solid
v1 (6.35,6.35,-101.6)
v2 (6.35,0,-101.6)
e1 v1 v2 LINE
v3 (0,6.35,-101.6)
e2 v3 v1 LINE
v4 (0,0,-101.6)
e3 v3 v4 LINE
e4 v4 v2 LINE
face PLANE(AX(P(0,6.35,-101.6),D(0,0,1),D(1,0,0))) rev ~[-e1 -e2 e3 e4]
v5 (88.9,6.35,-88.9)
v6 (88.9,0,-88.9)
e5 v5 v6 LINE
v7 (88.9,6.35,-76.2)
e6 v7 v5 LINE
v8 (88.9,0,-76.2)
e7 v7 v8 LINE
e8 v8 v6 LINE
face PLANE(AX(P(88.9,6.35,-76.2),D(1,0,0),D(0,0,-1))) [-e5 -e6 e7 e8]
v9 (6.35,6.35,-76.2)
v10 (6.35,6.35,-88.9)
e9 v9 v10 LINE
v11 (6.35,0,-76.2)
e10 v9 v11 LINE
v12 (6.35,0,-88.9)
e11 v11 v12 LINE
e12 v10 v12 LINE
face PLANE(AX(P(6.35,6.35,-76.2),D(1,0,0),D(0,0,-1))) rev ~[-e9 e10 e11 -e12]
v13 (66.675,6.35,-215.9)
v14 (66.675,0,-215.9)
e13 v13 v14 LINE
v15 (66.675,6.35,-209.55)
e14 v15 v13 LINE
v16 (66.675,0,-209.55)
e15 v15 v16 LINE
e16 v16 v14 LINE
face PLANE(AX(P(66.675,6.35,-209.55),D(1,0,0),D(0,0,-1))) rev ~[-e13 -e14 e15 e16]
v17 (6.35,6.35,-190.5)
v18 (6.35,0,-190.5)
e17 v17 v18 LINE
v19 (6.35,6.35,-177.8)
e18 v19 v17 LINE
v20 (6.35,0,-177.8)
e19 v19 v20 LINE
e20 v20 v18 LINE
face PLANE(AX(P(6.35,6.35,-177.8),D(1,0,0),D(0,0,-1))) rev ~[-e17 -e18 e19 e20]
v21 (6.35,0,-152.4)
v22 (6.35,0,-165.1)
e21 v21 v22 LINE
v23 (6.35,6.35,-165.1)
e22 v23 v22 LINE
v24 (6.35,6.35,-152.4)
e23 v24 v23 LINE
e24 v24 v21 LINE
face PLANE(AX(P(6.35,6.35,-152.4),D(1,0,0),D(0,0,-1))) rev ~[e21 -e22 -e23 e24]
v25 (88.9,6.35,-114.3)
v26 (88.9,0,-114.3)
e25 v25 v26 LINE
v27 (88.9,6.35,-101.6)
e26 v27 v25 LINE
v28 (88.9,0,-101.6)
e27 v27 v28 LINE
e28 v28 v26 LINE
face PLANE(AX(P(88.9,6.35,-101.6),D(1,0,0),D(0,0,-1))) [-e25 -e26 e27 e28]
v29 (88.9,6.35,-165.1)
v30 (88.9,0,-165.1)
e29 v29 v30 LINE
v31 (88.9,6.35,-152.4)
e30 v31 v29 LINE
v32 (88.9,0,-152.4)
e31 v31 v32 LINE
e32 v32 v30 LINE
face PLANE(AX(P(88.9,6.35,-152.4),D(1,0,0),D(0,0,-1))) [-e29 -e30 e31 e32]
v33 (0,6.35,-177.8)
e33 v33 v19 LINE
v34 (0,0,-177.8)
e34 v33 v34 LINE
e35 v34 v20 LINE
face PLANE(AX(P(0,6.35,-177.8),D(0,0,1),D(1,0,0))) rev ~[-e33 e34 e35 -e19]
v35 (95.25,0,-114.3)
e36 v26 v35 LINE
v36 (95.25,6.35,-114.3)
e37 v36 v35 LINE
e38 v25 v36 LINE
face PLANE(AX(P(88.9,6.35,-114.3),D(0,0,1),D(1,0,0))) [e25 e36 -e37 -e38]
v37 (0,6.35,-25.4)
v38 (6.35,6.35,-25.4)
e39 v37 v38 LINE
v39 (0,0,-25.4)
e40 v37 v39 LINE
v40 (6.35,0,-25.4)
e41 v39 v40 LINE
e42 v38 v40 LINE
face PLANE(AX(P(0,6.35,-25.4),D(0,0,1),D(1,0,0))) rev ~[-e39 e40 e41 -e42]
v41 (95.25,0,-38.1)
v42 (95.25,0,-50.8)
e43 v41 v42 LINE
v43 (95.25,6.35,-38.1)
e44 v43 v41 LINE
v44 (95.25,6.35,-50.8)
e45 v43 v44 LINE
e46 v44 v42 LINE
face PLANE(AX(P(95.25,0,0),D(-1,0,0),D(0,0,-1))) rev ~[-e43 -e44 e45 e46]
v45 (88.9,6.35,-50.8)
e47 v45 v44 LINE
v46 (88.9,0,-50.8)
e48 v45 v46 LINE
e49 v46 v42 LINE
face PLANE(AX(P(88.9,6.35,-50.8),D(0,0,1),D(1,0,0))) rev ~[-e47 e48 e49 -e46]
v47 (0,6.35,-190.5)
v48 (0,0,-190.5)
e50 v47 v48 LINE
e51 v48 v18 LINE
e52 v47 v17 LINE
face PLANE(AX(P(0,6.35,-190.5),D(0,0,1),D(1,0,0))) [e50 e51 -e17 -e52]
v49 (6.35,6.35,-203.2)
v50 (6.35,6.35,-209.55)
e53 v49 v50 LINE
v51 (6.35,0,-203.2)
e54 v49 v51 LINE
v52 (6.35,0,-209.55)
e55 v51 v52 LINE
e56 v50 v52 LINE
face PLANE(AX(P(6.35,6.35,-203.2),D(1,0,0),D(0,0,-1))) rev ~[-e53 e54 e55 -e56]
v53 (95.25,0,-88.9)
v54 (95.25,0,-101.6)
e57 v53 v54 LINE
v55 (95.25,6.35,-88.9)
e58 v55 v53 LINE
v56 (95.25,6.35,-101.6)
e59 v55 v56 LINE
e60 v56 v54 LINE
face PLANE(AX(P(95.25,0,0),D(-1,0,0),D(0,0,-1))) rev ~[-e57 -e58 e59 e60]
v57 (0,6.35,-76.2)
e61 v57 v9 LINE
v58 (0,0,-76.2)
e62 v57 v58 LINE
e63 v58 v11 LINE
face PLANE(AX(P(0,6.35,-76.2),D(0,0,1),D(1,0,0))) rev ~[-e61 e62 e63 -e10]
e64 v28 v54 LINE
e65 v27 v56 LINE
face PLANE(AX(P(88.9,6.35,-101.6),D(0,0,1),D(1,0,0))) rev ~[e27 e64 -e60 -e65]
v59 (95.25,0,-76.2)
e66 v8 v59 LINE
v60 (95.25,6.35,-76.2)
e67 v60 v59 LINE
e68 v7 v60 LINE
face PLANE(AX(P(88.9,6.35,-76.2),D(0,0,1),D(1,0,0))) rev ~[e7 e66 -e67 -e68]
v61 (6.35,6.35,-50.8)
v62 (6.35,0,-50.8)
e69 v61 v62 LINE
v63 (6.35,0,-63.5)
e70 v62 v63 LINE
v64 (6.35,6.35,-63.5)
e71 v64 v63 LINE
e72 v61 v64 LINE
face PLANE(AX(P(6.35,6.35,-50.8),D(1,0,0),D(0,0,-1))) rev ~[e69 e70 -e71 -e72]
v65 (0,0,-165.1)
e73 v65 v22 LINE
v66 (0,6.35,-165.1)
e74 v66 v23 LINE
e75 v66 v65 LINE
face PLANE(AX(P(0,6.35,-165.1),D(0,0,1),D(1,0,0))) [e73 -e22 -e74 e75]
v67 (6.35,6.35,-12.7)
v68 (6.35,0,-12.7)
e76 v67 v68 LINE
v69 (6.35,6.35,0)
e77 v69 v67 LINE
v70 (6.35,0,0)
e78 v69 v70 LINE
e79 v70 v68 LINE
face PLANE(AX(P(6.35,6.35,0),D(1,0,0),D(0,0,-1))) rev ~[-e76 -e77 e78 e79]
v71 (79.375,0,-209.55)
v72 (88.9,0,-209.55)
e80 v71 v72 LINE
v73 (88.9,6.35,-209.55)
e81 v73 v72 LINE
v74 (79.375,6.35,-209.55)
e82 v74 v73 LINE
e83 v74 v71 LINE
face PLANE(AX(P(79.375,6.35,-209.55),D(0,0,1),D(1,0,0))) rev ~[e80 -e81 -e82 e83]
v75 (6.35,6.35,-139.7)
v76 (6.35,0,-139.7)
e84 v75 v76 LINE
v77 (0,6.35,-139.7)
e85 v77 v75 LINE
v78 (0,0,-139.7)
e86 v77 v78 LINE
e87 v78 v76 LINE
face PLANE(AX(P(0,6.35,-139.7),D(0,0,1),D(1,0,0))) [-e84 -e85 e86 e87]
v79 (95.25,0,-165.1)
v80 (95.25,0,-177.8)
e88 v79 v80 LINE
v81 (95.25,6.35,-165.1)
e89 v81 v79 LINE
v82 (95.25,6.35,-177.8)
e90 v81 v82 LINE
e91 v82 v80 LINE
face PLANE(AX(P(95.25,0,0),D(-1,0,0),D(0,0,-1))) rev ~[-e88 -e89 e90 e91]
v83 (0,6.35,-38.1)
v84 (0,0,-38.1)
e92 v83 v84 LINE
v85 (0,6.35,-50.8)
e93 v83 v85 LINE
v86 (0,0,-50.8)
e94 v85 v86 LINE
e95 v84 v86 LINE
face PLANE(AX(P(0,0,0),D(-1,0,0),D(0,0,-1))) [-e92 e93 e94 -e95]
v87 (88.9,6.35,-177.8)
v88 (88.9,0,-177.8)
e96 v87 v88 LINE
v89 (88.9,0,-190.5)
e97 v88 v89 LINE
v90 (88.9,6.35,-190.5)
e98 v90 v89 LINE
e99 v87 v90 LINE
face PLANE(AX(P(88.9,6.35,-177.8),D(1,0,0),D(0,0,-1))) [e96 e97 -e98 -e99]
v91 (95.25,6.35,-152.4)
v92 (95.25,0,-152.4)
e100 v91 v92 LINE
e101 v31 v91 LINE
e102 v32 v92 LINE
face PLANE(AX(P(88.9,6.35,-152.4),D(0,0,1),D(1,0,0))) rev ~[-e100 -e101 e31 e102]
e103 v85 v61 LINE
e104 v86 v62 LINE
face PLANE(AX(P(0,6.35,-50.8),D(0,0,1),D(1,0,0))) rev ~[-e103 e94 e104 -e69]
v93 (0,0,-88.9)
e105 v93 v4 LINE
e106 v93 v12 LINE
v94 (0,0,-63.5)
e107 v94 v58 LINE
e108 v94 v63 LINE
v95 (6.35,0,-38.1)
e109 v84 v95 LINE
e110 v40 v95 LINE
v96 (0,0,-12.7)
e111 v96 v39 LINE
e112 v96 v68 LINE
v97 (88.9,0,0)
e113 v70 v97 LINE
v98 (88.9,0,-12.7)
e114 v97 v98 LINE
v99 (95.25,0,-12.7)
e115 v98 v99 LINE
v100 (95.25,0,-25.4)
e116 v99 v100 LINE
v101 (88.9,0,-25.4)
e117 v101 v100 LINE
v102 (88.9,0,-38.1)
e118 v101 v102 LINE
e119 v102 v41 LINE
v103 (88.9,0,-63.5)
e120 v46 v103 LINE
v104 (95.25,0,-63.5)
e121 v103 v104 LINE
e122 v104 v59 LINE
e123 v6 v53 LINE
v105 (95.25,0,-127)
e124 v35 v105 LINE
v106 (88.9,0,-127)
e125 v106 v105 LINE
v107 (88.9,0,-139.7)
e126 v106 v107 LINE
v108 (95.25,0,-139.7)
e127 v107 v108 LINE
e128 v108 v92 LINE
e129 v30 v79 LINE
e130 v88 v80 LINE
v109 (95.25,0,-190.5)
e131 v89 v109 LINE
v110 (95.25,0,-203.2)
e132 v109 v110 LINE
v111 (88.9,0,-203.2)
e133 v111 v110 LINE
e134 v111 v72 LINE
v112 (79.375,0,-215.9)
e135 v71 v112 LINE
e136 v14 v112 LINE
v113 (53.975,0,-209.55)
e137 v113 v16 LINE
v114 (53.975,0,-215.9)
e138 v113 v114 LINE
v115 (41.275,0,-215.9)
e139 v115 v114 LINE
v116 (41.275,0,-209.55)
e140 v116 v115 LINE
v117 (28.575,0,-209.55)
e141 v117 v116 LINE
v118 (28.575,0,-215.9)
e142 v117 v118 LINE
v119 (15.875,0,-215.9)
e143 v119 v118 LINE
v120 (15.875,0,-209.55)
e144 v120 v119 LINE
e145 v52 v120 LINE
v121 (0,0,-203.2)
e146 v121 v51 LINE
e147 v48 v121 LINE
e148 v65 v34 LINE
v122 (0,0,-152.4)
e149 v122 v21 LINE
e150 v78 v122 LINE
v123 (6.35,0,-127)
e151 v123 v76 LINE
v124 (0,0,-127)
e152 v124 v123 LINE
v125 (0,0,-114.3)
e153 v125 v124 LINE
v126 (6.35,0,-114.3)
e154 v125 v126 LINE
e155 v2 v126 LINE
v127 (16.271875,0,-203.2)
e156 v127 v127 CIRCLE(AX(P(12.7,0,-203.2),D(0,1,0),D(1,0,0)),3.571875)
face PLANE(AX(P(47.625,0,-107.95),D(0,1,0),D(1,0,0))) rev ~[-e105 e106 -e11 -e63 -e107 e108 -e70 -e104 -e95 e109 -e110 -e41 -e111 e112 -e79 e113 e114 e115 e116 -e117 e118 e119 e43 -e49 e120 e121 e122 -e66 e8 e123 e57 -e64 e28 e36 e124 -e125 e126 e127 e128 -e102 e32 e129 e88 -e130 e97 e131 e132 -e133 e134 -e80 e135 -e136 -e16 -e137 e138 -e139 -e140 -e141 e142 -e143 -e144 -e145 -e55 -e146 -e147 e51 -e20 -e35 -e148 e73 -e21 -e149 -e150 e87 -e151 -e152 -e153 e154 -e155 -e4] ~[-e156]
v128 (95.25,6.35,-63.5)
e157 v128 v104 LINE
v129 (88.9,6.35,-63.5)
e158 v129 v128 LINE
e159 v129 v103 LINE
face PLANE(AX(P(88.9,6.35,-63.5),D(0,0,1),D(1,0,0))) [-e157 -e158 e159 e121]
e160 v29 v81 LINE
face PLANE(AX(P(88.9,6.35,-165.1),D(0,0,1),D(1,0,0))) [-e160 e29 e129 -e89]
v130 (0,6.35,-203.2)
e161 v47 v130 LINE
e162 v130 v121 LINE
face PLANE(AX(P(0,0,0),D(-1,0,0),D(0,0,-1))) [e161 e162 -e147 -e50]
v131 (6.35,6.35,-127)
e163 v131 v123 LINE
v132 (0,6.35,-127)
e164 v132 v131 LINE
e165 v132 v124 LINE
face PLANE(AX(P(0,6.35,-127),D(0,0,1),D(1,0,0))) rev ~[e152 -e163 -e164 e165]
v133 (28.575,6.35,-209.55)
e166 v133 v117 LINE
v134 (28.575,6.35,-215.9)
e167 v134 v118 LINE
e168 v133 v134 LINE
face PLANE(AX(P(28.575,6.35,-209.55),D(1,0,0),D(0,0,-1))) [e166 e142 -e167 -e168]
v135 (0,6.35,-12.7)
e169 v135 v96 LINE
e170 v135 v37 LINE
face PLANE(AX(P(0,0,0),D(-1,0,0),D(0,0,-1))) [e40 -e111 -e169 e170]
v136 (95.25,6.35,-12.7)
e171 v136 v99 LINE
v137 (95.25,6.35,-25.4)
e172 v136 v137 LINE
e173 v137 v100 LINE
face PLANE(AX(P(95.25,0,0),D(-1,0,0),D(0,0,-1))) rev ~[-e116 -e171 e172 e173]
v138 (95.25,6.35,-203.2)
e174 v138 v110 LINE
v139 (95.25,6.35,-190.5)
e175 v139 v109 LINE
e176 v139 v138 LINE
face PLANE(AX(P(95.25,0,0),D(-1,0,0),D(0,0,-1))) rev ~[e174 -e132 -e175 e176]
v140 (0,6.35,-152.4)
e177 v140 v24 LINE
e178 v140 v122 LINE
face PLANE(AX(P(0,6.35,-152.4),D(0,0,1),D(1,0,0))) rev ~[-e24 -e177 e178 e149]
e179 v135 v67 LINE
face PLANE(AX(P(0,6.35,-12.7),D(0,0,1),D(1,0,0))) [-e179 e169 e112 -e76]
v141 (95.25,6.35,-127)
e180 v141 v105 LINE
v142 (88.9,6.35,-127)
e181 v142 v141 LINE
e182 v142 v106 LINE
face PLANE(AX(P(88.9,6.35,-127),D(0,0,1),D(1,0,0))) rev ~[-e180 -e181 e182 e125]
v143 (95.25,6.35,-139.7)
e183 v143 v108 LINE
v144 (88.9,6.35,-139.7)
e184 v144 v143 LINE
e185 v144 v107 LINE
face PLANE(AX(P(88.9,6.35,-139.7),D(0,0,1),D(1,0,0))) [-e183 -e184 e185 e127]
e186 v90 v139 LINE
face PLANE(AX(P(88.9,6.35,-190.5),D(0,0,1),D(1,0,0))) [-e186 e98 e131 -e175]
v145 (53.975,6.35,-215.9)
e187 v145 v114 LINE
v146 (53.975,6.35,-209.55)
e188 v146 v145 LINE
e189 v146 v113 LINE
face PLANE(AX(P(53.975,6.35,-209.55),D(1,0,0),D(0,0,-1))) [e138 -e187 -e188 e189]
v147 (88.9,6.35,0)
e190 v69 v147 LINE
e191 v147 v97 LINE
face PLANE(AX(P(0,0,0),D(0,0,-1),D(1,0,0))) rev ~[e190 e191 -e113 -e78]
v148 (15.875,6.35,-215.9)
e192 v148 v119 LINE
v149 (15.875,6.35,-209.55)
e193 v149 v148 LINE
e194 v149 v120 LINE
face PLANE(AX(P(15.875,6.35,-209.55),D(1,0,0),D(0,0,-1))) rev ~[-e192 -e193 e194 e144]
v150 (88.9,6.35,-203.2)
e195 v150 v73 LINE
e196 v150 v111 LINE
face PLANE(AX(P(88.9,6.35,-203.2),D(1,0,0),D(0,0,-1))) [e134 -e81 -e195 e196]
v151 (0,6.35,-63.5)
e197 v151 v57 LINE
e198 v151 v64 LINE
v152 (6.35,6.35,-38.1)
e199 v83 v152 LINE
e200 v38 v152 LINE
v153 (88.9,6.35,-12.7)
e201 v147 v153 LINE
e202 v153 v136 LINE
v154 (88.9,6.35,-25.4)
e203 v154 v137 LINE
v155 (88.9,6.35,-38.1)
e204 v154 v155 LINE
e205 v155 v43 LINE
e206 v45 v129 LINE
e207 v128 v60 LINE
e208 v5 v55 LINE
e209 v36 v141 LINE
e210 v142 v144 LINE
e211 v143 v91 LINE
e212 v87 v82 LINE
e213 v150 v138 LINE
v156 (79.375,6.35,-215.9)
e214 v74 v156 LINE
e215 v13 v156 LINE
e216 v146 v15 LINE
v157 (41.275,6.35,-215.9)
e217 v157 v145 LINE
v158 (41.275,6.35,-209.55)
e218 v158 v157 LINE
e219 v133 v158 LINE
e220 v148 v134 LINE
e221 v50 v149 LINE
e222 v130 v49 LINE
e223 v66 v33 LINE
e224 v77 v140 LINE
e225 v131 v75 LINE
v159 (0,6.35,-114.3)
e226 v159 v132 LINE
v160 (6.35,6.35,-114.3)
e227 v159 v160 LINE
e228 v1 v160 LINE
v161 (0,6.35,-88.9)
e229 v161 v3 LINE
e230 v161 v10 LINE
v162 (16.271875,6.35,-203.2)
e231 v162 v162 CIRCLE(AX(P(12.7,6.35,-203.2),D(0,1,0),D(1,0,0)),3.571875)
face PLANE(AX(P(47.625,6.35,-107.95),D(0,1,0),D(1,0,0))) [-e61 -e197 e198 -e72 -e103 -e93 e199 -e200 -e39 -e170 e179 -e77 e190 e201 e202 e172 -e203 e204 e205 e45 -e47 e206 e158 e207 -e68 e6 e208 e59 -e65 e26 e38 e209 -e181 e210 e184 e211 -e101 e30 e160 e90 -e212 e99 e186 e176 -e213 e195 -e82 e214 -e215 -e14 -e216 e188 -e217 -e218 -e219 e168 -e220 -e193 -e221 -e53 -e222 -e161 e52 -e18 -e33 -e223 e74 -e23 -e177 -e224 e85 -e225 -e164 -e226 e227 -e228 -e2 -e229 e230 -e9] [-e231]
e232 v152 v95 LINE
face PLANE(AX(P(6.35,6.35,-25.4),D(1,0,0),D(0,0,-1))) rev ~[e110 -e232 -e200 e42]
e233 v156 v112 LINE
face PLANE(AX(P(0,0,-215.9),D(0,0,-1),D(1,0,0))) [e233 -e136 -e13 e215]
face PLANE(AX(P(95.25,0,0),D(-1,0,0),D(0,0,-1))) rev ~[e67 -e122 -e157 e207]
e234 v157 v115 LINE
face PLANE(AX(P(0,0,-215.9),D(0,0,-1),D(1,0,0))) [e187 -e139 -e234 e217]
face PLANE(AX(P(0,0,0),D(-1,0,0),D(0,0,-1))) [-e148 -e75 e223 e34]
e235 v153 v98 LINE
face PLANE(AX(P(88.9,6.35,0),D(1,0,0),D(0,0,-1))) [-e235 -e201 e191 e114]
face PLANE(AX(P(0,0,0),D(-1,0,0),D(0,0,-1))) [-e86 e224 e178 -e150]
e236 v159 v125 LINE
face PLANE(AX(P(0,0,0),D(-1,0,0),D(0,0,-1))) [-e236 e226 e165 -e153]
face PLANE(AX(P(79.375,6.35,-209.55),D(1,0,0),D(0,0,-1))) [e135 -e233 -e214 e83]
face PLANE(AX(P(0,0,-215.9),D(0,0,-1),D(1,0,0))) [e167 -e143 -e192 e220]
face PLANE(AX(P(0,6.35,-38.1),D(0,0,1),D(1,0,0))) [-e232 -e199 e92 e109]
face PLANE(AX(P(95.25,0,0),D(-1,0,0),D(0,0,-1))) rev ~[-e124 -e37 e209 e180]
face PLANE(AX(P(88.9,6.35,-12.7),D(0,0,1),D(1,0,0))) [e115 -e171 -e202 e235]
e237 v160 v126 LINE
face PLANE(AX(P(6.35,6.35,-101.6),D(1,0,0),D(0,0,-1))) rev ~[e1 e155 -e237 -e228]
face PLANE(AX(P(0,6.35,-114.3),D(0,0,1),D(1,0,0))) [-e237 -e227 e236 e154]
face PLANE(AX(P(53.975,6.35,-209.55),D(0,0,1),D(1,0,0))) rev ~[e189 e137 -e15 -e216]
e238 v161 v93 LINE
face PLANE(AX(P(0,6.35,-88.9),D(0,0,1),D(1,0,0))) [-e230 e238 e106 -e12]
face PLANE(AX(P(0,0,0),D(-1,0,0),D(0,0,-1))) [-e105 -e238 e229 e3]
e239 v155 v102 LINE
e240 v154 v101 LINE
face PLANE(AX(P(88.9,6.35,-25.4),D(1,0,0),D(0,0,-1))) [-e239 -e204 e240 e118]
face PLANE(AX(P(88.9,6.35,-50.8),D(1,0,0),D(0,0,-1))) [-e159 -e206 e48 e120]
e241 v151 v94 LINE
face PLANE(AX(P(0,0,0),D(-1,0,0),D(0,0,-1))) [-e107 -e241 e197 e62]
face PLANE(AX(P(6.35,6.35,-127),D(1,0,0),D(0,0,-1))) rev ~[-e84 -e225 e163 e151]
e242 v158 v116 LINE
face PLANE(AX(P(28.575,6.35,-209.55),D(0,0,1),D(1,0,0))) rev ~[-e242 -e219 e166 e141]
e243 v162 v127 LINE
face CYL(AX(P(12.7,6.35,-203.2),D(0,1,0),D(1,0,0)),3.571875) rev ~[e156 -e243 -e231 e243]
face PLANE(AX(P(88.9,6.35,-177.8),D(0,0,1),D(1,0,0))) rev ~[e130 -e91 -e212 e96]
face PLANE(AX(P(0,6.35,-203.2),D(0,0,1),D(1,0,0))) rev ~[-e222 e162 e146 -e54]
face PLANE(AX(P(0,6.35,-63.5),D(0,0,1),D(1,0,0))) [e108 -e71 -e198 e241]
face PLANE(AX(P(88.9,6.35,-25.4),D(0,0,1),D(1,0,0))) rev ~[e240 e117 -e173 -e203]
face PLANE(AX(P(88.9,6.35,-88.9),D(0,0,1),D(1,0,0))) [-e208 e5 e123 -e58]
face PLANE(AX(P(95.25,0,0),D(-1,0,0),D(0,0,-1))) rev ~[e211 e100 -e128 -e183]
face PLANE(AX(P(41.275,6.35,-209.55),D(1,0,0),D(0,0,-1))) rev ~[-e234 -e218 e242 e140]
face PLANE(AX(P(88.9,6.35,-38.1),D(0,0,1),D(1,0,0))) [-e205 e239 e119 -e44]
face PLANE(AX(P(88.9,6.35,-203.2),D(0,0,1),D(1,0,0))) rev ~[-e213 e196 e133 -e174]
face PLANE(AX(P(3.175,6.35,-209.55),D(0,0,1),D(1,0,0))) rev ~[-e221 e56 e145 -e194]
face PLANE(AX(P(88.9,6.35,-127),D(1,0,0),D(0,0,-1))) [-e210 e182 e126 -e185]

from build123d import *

# Parameters (mm, degrees)
SKETCH1_W           = 95.25
SKETCH1_H           = 215.9
BOSS_EXTRUDE1_DEPTH = 6.35
SKETCH2_W           = 6.35
SKETCH2_H           = 12.7
CUT_EXTRUDE1_DEPTH  = 7.35
LPATTERN1_COUNT     = 10
LPATTERN1_PITCH     = 25.4
SKETCH3_W           = 12.7
SKETCH3_H           = 6.35
CUT_EXTRUDE2_DEPTH  = 7.35
LPATTERN2_COUNT     = 2
LPATTERN2_PITCH     = 25.4
LPATTERN2_COL_COUNT = 3
LPATTERN2_COL_PITCH = 25.4
SKETCH4_R           = 3.571875
CUT_EXTRUDE3_DEPTH  = 7.35


with BuildPart() as part:
    # Sketch1 → Boss-Extrude1 (new body)
    with BuildSketch(Plane(origin=(0, 0, 0), x_dir=(1, 0, 0), z_dir=(0, 1, 0))):
        with Locations((47.625, 107.95)):
            Rectangle(SKETCH1_W, SKETCH1_H)
    extrude(amount=BOSS_EXTRUDE1_DEPTH)

    # Sketch2 → Cut-Extrude1 (cut, through all)
    with BuildSketch(Plane(origin=(0, 6.35, 0), x_dir=(1, 0, 0), z_dir=(0, 1, 0))):
        with Locations((3.175, 209.55)):
            Rectangle(SKETCH2_W, SKETCH2_H)
        with Locations((92.075, 209.55)):
            Rectangle(SKETCH2_W, SKETCH2_H)
    cut_extrude1 = extrude(amount=-CUT_EXTRUDE1_DEPTH, mode=Mode.SUBTRACT)

    # LPattern1: Cut-Extrude1 ×10
    with Locations(*[(0, 0, i * LPATTERN1_PITCH) for i in range(1, LPATTERN1_COUNT)]):
        add(cut_extrude1, mode=Mode.SUBTRACT)

    # Sketch3 → Cut-Extrude2 (cut, through all)
    with BuildSketch(Plane(origin=(0, 6.35, 0), x_dir=(1, 0, 0), z_dir=(0, 1, 0))):
        with Locations((34.925, 212.725)):
            Rectangle(SKETCH3_W, SKETCH3_H)
    cut_extrude2 = extrude(amount=-CUT_EXTRUDE2_DEPTH, mode=Mode.SUBTRACT)

    # LPattern2: Cut-Extrude2 ×2
    with Locations(*[(-i * LPATTERN2_PITCH, 0, 0) for i in range(1, LPATTERN2_COUNT)]):
        add(cut_extrude2, mode=Mode.SUBTRACT)

    # LPattern2 col: Cut-Extrude2 ×3
    with Locations(*[(i * LPATTERN2_COL_PITCH, 0, 0) for i in range(1, LPATTERN2_COL_COUNT)]):
        add(cut_extrude2, mode=Mode.SUBTRACT)

    # Sketch4 → Cut-Extrude3 (cut, through all)
    with BuildSketch(Plane(origin=(0, 6.35, 0), x_dir=(1, 0, 0), z_dir=(0, 1, 0))):
        with Locations((12.7, 203.2)):
            Circle(SKETCH4_R)
    extrude(amount=-CUT_EXTRUDE3_DEPTH, mode=Mode.SUBTRACT)


solid = part.part
